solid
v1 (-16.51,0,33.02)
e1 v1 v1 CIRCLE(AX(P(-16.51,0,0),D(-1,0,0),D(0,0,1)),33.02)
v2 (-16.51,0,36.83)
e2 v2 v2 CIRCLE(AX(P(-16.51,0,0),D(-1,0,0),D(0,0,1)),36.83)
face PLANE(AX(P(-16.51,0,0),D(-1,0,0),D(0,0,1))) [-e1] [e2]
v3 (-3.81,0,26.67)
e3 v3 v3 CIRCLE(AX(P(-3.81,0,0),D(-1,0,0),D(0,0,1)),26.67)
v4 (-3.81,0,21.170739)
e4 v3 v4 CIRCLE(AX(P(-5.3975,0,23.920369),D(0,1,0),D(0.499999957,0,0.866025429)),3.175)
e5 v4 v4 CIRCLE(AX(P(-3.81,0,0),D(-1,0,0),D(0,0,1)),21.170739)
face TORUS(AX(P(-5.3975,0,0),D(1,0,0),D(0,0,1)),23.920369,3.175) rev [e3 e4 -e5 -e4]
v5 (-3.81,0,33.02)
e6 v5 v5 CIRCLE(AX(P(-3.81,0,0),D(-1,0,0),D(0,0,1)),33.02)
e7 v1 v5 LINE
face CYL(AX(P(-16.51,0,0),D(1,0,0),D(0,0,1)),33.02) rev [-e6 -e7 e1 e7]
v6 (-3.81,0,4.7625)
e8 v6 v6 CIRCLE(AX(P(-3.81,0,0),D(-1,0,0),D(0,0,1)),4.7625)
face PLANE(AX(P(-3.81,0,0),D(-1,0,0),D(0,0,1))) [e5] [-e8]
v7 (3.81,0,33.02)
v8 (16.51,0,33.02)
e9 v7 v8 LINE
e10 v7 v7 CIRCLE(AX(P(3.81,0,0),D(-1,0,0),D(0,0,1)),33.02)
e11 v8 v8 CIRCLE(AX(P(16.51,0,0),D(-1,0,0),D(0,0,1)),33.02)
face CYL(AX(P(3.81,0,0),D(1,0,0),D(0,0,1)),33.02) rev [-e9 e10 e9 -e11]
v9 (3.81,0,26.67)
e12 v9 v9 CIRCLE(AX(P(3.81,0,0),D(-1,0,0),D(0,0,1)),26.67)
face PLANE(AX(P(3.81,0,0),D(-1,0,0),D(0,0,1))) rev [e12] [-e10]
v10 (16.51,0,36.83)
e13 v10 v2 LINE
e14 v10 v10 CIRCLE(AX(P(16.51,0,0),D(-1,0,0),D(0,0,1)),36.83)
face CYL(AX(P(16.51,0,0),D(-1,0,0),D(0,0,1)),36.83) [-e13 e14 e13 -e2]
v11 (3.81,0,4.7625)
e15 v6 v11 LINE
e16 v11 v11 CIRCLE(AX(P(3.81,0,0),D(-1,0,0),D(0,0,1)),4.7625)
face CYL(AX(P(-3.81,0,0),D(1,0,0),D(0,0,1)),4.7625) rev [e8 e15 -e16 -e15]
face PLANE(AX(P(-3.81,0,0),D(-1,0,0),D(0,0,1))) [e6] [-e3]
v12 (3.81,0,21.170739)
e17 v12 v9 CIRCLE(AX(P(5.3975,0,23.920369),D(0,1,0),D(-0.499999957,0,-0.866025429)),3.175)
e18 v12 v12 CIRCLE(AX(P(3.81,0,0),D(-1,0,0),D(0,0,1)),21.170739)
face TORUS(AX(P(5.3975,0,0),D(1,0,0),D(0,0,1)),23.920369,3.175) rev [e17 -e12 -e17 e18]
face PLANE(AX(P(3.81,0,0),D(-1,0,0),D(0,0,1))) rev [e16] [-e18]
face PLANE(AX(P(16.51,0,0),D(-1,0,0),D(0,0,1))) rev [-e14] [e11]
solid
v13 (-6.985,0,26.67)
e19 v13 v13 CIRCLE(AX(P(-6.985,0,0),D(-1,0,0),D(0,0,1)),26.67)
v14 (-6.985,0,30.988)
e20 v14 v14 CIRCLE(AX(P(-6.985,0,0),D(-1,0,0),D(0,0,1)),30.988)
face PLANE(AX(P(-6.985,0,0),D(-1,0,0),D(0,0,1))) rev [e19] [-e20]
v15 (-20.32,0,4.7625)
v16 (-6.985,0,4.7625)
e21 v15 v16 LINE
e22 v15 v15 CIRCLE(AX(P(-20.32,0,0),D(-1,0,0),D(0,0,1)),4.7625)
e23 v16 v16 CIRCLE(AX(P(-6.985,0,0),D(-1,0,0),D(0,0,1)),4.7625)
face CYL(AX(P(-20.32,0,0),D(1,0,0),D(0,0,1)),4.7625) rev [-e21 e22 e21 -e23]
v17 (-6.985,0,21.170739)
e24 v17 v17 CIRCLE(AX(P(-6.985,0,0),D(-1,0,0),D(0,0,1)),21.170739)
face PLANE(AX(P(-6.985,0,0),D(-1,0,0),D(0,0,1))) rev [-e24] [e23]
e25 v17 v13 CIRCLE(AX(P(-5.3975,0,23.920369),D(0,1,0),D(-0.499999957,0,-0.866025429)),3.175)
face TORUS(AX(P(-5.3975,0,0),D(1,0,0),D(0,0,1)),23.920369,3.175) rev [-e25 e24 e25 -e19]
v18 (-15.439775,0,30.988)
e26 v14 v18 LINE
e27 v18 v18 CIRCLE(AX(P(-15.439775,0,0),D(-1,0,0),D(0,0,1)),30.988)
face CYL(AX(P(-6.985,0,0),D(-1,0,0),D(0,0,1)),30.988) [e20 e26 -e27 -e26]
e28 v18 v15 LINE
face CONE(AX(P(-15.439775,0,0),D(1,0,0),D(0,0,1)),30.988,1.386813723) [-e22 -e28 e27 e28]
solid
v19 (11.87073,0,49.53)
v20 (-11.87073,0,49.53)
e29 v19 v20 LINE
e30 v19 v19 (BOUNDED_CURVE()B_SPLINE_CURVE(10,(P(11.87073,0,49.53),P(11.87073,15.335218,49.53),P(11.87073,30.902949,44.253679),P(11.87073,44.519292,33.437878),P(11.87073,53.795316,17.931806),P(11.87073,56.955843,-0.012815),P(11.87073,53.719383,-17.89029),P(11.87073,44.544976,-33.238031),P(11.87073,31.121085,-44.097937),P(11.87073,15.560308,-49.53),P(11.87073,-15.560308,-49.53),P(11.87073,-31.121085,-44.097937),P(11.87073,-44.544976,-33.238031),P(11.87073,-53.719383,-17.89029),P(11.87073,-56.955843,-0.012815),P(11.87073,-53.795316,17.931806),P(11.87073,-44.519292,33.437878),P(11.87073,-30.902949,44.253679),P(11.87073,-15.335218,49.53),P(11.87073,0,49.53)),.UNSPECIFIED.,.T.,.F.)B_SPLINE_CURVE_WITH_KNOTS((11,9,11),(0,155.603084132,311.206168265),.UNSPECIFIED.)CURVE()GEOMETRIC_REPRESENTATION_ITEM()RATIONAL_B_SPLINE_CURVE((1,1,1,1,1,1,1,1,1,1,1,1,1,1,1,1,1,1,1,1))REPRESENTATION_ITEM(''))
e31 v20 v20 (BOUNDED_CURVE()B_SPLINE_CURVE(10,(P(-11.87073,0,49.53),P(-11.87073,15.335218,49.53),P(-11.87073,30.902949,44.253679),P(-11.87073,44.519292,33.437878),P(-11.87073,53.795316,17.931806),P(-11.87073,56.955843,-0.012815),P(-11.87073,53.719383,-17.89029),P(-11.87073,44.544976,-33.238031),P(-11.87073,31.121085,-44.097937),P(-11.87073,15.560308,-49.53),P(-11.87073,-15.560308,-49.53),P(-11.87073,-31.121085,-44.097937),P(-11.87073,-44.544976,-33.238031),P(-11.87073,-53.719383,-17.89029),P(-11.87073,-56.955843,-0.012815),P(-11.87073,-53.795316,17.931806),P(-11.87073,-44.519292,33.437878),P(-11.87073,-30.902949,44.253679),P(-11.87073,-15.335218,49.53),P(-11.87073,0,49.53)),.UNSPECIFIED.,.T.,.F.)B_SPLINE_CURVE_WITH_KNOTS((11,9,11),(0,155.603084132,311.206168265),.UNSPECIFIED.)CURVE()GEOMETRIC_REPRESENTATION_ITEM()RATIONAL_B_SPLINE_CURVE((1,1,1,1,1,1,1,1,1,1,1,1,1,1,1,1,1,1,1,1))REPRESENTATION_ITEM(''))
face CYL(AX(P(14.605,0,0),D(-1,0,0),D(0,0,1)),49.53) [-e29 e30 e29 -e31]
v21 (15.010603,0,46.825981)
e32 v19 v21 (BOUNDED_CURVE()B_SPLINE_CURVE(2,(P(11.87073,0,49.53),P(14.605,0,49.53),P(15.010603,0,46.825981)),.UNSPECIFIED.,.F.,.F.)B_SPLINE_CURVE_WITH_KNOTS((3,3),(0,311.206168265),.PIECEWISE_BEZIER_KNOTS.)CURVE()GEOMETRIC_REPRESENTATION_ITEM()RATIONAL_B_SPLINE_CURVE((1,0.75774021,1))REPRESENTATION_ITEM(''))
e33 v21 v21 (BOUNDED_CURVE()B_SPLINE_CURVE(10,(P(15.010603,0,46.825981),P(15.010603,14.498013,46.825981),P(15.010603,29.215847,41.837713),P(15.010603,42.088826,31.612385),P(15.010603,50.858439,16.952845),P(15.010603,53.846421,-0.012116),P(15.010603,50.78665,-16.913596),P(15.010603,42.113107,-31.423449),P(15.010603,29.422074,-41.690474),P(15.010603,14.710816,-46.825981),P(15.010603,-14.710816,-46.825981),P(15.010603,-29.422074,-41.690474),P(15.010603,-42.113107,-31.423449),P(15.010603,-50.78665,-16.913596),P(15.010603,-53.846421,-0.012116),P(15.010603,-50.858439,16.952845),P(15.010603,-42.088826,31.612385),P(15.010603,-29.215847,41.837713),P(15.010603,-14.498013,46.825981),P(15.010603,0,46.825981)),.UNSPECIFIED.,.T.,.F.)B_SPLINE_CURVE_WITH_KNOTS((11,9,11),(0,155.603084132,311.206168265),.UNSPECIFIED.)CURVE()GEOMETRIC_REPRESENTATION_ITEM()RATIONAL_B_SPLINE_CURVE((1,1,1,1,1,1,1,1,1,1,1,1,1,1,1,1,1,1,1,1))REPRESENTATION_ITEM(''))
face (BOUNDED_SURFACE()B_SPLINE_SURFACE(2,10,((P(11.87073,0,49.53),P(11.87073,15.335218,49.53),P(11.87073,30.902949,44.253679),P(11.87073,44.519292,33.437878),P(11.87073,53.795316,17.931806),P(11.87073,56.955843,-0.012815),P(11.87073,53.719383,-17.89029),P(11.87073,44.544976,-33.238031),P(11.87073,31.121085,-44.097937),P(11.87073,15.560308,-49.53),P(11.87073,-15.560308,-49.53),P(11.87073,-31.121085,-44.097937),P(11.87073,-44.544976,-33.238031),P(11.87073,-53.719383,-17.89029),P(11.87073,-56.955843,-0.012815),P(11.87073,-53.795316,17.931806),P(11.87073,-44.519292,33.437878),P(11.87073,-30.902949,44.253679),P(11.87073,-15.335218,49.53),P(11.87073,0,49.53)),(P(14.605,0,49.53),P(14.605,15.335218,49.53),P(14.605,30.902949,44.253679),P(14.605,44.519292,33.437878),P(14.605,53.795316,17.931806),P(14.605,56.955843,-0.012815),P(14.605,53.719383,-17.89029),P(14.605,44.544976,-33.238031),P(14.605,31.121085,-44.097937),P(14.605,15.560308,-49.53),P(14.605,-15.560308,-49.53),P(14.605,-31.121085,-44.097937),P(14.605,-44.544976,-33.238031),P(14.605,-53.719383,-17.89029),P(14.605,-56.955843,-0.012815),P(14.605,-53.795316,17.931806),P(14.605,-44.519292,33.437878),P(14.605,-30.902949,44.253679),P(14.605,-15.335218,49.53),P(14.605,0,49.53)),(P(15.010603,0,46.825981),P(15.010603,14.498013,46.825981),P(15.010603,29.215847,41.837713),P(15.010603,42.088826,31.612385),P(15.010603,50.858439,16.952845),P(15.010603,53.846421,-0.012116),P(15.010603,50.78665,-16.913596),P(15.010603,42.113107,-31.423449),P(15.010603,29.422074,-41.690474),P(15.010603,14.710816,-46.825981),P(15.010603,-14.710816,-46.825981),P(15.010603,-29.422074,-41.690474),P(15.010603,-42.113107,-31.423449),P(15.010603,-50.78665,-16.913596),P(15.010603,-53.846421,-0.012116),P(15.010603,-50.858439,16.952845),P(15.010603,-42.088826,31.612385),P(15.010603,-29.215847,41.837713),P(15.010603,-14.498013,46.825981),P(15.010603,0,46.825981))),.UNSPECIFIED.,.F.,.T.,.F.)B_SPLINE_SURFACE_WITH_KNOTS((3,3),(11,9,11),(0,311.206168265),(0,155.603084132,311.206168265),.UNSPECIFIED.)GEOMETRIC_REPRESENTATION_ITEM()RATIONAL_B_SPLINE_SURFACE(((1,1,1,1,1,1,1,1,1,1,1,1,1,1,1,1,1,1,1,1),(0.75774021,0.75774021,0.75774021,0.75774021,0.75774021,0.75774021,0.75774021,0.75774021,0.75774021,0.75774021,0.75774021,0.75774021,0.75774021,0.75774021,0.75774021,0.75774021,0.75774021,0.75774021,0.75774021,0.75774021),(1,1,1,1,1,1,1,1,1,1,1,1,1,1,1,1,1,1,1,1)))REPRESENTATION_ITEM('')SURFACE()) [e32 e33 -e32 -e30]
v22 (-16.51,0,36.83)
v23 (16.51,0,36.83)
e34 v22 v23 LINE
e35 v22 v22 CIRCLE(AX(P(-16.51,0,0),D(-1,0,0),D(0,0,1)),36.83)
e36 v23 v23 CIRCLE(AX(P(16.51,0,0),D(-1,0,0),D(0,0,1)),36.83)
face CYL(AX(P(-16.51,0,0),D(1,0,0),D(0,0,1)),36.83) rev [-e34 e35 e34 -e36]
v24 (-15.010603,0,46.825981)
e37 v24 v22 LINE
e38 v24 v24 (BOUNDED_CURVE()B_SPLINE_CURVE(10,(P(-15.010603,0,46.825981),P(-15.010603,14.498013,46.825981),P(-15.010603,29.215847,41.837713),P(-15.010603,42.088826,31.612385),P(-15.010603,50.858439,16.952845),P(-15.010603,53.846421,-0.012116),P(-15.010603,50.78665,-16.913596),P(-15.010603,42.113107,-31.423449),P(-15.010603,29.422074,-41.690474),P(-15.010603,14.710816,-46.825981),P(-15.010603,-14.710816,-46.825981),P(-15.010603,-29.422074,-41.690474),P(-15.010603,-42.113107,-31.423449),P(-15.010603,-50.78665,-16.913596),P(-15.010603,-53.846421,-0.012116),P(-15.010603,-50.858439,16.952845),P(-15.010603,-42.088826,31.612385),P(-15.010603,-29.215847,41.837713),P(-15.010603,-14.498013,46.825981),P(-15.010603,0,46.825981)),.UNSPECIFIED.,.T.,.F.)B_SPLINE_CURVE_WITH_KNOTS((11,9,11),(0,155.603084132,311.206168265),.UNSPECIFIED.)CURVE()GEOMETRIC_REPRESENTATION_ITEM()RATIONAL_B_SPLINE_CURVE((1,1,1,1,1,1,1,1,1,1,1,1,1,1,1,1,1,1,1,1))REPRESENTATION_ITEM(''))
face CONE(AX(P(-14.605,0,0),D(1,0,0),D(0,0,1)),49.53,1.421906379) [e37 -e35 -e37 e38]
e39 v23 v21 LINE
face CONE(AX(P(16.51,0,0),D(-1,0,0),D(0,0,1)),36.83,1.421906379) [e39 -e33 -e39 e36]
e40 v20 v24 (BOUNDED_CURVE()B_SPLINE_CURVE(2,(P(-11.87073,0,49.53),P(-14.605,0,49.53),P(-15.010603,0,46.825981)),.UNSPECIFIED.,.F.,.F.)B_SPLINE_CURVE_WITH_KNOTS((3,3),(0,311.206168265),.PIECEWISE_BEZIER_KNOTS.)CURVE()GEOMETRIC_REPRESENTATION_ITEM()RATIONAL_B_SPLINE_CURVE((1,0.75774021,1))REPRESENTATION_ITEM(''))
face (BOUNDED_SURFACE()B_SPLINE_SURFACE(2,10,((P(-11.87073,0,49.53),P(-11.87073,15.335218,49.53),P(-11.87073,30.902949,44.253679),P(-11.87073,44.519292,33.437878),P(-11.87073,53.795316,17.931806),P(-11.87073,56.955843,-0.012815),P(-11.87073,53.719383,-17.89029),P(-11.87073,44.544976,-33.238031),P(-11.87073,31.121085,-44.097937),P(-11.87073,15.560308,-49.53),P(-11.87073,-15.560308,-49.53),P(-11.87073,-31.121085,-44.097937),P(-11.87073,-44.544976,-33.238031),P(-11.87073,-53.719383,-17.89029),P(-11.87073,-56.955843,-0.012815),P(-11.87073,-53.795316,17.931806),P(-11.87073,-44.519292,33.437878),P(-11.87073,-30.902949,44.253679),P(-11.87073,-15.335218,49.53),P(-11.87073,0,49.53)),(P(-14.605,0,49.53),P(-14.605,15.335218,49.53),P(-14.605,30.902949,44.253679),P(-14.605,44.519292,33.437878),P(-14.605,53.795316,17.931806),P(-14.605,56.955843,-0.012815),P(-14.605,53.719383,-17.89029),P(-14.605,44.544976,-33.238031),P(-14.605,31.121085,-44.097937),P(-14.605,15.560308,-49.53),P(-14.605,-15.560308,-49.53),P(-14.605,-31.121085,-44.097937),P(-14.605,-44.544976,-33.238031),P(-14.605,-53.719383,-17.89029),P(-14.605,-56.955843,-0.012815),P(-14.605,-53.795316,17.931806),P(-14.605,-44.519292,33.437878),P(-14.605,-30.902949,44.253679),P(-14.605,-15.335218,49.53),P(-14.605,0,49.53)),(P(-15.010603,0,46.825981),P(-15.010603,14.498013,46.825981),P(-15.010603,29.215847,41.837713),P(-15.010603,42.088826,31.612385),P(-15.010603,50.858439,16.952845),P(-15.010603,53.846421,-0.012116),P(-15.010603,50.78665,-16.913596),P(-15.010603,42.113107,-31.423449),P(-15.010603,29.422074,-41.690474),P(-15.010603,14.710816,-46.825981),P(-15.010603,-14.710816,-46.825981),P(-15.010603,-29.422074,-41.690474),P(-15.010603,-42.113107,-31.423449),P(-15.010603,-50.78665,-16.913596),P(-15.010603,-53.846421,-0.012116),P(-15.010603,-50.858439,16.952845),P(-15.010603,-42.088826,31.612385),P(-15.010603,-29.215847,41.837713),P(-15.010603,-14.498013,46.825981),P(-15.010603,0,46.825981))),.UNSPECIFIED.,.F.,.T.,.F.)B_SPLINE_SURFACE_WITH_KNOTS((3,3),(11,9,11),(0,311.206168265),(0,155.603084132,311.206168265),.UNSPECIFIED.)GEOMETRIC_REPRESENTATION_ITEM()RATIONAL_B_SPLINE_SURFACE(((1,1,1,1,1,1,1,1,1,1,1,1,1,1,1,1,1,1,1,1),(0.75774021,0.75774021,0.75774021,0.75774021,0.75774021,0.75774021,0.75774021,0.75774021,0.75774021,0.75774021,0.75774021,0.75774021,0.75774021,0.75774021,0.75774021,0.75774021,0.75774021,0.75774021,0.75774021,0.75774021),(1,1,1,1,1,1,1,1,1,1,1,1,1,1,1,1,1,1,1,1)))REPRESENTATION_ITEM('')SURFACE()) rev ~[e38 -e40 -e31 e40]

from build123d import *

# Parameters (mm, degrees)
F3_R = 3.175


with BuildPart() as f2:
    # F1 (on Front) → F2 (revolve)
    with BuildSketch(Plane.XZ):
        Polygon((14.605, 49.53), (0, 49.53), (-14.605, 49.53), (-16.51, 36.83), (0, 36.83), (16.51, 36.83), align=None)
    revolve(axis=Axis((0.053234, 0, 0), (-1, 0, 0)))

    # F3
    f3_edges = [f2.edges().sort_by_distance(p)[0] for p in [
        (-14.605, 0, -49.53),
        (14.605, 0, -49.53),
    ]]
    fillet(f3_edges, radius=F3_R)


with BuildPart() as f5:
    # F4 (on Front) → F5 (revolve)
    with BuildSketch(Plane.XZ):
        with BuildLine():
            Line((16.51, 36.83), (0, 36.83))
            Line((0, 36.83), (-16.51, 36.83))
            Line((-16.51, 36.83), (-16.51, 33.02))
            Line((-16.51, 33.02), (-3.81, 33.02))
            Line((-3.81, 33.02), (-3.81, 26.67))
            ThreePointArc((-3.81, 26.67), (-2.2225, 23.920369), (-3.81, 21.170739))
            Line((-3.81, 21.170739), (-3.81, 4.7625))
            Line((-3.81, 4.7625), (0, 4.7625))
            Line((0, 4.7625), (3.81, 4.7625))
            Line((3.81, 4.7625), (3.81, 21.170739))
            ThreePointArc((3.81, 21.170739), (2.2225, 23.920369), (3.81, 26.67))
            Line((3.81, 26.67), (3.81, 33.02))
            Line((3.81, 33.02), (16.51, 33.02))
            Line((16.51, 33.02), (16.51, 36.83))
        make_face()
    revolve(axis=Axis((0.053234, 0, 0), (-1, 0, 0)))


with BuildPart() as f7:
    # F6 (on Front) → F7 (revolve)
    with BuildSketch(Plane.XZ):
        with BuildLine():
            Line((-6.985, 26.67), (-6.985, 30.988))
            Line((-6.985, 30.988), (-15.439775, 30.988))
            Line((-15.439775, 30.988), (-20.32, 4.7625))
            Line((-20.32, 4.7625), (-6.985, 4.7625))
            Line((-6.985, 4.7625), (-6.985, 21.170739))
            ThreePointArc((-6.985, 21.170739), (-8.5725, 23.920369), (-6.985, 26.67))
        make_face()
    revolve(axis=Axis((0.053234, 0, 0), (-1, 0, 0)))


solid = Compound([f2.part, f5.part, f7.part])
